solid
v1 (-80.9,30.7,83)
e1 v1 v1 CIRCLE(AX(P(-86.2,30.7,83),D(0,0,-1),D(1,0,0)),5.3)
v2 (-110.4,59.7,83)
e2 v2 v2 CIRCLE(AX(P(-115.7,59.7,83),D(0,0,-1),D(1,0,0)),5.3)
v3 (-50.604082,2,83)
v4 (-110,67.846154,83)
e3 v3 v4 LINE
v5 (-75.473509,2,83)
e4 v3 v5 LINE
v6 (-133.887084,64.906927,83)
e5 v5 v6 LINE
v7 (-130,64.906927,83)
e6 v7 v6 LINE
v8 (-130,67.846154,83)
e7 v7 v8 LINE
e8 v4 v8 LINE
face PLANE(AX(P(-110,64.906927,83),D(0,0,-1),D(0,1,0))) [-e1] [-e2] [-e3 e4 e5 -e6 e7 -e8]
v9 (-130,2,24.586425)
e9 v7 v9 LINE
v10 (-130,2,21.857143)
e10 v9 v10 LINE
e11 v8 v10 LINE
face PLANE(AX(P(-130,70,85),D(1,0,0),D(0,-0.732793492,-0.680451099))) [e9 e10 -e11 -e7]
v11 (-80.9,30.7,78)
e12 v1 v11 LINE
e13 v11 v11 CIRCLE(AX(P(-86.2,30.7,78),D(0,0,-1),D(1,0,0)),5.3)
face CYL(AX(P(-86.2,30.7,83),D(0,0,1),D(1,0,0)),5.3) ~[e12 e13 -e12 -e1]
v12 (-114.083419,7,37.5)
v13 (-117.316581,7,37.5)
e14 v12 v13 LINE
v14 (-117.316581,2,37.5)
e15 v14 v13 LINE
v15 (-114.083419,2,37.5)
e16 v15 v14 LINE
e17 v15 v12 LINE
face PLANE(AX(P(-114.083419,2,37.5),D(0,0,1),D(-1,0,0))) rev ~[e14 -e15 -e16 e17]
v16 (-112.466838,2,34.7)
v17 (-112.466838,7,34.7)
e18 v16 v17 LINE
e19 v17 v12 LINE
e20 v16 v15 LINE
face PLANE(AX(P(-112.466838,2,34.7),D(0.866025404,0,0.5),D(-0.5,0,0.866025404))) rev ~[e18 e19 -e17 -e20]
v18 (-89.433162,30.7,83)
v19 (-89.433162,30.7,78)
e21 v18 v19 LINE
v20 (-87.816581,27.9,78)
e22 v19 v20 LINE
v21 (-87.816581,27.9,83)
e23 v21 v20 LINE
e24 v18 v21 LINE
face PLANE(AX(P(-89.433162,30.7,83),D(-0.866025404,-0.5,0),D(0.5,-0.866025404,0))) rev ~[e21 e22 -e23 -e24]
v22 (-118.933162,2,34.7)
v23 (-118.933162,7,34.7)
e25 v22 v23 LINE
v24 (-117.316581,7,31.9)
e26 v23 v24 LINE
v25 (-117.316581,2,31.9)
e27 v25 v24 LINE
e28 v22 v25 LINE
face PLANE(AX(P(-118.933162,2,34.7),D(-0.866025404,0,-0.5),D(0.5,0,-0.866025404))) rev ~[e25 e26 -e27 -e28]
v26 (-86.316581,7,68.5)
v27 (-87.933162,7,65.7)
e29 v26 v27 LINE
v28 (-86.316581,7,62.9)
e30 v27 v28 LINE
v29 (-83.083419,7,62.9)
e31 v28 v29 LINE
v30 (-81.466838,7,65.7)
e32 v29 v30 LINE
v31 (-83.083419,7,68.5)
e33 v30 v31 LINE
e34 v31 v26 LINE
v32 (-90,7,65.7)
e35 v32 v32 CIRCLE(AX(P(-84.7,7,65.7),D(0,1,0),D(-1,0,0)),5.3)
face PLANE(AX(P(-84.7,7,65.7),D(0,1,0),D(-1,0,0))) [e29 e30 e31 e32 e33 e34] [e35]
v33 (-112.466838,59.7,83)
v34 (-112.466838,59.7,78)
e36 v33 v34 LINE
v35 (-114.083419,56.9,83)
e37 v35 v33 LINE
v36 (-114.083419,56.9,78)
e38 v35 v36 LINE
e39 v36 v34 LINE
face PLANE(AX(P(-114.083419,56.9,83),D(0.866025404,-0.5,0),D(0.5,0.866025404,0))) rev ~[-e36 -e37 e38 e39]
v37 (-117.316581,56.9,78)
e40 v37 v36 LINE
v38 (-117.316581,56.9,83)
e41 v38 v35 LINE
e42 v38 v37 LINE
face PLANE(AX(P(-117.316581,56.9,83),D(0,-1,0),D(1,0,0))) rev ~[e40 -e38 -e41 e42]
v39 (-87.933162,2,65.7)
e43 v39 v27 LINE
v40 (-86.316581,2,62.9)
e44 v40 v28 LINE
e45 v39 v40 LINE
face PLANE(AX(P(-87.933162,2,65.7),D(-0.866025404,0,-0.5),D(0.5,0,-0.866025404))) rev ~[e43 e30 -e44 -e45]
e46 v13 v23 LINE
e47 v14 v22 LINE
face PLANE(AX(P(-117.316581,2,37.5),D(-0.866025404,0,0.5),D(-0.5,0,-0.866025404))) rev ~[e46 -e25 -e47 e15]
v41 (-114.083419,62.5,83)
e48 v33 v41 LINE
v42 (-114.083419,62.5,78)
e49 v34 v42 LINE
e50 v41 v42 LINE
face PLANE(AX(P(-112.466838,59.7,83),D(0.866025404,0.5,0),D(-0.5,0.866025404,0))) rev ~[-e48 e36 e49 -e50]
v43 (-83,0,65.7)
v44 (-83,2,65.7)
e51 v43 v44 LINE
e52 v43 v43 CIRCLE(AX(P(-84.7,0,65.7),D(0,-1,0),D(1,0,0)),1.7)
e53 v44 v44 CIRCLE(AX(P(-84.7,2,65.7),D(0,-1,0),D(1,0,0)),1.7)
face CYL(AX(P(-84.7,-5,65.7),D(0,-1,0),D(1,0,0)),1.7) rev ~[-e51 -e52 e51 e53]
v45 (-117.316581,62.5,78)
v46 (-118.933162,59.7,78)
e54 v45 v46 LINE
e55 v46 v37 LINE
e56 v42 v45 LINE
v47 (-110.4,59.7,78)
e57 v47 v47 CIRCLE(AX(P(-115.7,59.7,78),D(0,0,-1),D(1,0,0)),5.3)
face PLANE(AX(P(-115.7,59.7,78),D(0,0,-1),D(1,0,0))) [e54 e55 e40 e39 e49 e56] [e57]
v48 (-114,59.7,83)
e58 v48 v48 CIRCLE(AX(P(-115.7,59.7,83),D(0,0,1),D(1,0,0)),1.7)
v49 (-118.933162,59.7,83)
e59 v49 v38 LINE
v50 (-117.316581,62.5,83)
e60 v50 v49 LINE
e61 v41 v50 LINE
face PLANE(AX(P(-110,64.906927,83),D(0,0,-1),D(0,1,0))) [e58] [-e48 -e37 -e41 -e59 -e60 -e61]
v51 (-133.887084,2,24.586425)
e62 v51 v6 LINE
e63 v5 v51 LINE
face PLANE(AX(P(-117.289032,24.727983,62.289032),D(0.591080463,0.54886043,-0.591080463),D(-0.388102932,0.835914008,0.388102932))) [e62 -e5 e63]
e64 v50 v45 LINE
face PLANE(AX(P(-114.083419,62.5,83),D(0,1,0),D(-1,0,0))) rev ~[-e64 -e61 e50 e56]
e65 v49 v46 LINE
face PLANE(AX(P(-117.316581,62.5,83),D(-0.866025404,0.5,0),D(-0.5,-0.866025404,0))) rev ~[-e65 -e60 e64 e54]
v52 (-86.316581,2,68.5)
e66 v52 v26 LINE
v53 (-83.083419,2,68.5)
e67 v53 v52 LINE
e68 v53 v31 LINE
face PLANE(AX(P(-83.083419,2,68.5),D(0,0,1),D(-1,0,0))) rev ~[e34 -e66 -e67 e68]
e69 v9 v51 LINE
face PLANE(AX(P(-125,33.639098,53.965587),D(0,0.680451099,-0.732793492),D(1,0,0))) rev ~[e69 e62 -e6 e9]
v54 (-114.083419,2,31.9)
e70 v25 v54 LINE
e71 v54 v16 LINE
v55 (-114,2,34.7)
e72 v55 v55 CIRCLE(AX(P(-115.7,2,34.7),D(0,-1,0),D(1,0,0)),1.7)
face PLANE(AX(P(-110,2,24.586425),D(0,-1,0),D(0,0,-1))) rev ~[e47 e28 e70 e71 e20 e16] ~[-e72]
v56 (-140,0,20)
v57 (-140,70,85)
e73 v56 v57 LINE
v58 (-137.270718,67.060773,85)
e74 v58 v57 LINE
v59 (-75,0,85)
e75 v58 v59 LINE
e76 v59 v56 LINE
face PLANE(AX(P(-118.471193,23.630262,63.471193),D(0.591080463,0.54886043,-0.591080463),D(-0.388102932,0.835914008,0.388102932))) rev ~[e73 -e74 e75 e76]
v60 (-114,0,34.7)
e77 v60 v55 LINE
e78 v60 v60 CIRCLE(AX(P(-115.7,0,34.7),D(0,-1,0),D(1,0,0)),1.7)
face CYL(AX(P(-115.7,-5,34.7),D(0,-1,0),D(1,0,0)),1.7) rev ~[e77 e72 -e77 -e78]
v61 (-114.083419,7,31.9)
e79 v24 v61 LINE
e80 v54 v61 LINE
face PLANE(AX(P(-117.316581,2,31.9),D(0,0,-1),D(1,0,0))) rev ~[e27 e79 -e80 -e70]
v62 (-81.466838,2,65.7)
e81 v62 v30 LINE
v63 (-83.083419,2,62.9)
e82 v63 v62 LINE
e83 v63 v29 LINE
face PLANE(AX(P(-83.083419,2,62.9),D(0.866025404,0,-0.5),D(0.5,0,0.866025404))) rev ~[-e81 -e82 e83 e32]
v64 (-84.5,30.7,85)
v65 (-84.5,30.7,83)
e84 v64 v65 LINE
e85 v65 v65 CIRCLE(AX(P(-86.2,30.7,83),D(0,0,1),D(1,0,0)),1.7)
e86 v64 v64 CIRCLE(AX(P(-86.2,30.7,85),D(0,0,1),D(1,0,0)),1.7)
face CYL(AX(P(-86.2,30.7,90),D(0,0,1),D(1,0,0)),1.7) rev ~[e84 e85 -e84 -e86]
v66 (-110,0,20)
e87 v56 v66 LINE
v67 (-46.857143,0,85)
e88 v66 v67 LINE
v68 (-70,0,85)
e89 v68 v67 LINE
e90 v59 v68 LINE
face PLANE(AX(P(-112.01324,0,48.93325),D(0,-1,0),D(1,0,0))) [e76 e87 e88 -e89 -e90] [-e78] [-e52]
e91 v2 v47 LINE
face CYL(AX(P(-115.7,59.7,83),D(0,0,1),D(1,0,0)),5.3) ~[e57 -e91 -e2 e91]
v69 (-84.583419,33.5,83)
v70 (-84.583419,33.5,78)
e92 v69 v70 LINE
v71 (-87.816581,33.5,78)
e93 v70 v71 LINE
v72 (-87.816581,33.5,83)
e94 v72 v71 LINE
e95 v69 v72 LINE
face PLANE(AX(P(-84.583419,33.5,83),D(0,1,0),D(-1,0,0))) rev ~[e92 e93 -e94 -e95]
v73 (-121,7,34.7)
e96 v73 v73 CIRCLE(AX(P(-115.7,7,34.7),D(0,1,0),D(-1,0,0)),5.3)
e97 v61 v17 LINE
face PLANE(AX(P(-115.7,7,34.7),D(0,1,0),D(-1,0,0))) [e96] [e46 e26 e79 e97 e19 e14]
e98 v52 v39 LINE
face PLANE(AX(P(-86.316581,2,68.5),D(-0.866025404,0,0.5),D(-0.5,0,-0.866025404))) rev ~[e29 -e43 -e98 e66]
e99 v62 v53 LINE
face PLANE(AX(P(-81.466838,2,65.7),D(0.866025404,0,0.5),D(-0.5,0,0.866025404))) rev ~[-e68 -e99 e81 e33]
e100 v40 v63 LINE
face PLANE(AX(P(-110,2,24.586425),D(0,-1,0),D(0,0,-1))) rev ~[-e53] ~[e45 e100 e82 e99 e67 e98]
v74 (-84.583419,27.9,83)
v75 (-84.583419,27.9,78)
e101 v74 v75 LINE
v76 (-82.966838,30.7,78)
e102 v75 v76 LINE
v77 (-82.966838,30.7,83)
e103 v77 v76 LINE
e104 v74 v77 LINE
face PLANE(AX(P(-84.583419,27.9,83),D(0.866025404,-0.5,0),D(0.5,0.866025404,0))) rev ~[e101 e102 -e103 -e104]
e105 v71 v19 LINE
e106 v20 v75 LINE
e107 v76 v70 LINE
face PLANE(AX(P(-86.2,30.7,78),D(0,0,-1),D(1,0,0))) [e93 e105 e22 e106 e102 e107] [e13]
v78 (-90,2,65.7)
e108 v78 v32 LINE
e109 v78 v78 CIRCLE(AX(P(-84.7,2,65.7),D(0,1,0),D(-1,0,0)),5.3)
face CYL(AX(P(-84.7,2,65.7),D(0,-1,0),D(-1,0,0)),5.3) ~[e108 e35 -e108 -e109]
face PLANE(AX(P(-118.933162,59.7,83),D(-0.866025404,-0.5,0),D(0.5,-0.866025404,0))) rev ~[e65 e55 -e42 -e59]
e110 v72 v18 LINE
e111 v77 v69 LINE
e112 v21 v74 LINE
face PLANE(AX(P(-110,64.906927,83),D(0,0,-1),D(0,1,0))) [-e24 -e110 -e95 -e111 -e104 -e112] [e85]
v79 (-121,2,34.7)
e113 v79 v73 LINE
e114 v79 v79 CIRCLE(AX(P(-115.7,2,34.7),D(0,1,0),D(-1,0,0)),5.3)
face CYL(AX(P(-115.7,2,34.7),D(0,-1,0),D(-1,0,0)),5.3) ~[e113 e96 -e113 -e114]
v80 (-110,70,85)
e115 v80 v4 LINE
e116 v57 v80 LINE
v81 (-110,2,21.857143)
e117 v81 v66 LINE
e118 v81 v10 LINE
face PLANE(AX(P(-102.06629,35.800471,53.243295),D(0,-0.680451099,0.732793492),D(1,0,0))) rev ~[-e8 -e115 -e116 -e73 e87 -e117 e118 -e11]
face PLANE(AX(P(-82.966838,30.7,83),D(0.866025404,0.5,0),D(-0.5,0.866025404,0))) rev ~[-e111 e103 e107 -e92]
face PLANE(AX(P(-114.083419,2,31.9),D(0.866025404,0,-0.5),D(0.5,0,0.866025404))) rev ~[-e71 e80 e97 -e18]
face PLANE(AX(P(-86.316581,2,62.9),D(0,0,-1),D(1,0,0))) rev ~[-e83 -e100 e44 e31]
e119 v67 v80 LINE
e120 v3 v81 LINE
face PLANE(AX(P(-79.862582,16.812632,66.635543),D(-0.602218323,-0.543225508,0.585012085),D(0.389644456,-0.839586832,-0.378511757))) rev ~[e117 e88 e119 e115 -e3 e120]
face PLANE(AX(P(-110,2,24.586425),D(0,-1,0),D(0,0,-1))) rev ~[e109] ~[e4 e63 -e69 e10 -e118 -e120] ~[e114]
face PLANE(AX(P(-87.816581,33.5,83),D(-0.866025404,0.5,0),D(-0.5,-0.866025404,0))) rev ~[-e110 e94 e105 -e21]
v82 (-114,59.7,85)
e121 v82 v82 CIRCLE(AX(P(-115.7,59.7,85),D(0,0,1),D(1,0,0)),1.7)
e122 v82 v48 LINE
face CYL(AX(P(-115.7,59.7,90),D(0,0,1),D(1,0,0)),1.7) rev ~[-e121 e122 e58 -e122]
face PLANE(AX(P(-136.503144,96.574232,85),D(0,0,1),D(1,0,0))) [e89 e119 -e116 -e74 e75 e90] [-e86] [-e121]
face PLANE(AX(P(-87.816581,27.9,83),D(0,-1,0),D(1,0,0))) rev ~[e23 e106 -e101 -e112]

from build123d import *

# Parameters (mm, degrees)
F1_DEPTH  = 5
F4_DEPTH  = 5
F7_DEPTH  = 5.42
F11_DEPTH = 2
F14_DEPTH = 2
F8_W      = 30
F8_H      = 95.5248658727
F15_DEPTH = 2
F17_DEPTH = 102.5
F18_DEPTH = 2
F19_DEPTH = 239
F22_DEPTH = 2
F25_DEPTH = 25
F27_W     = 101.7516627908
F27_H     = 74.3317976594
F28_DEPTH = 25
F30_W     = 3.562554135
F30_H     = 2.8552263975
F31_DEPTH = 25
F33_W     = 167.9849326611
F33_H     = 135.5820912868
F34_DEPTH = 25
F35_DEPTH = 25
F36_DEPTH = 5
F37_DEPTH = 5
F6_W      = 160
F6_H      = 95.5248658727
F38_DEPTH = 5
F39_R     = 1.7
F40_DEPTH = 9.9
F41_DEPTH = 20
F42_R     = 1.7
F43_DEPTH = 25
F44_R     = 5.3
F45_DEPTH = 5
F46_R     = 5.3
F47_DEPTH = 5
F48_DEPTH = 154
F49_DEPTH = 5
F50_DEPTH = 5


with BuildPart() as f1:
    # F0 (on Front) → F1 (new body)
    with BuildSketch(Plane.XZ):
        Polygon((-300, 20), (-300, 0), (0, 0), (0, 175), (-30, 175), (-30, 95), (-70, 95), (-75, 90), (-75, 85), (-140, 20), align=None)
    extrude(amount=F1_DEPTH)

    # F3 (on offset) → F4 (join)
    with BuildSketch(Plane(origin=(0, 0, 85), x_dir=(1, 0, 0), z_dir=(0, 0, -1))):
        Polygon((0, -157.818160031), (0, 0), (-70, 0), (-140, -70), (-300, -70), (-300, -157.818160031), align=None)
    extrude(amount=-F4_DEPTH)



with BuildPart() as f7:
    # F0 (on Front) → F7 (new body)
    with BuildSketch(Plane.XZ):
        Polygon((-300, 20), (-300, 0), (0, 0), (0, 175), (-30, 175), (-30, 95), (-70, 95), (-75, 90), (-75, 85), (-140, 20), align=None)
    extrude(amount=F7_DEPTH)


with BuildPart() as f1_1:
    add(f1.part)

    add(f7.part)  # F11 merges F7
    # F10 (on 3pt) → F11 (join)
    with BuildSketch(Plane(origin=(-55.9001782531, -51.9073083779, 55.9001782531), x_dir=(-0.3881029321, 0.8359140076, 0.3881029321), z_dir=(0.5910804633, 0.5488604302, -0.5910804633))):
        Polygon((62.0964691388, -84.8528137424), (145.837140261, -38.8908729653), (62.0964691388, 7.0710678119), align=None)
    extrude(amount=F11_DEPTH)


with BuildPart() as f14:
    # F13 (on 3pt) → F14 (new body)
    with BuildSketch(Plane.XY.offset(85)):
        Polygon((-75, 0), (-70, 0), (-140, 70), align=None)
    extrude(amount=-F14_DEPTH)


with BuildPart() as f15:
    # F8 (on 3pt) → F15 (new body)
    with BuildSketch(Plane(origin=(0, -9.9726027397, 10.7397260274), x_dir=(1, 0, 0), z_dir=(0, 0.6804510994, -0.7327934916))):
        with Locations((-125, -61.3714549237)):
            Rectangle(F8_W, F8_H)
    extrude(amount=-F15_DEPTH)


with BuildPart() as f17_tool:
    # F17 (cut): a face of the model
    f17_faces = [f1_1.part.faces().sort_by_distance(p)[0] for p in [
        (-129.156432847, 97.5448991734, 85),
    ]]
    extrude(f17_faces, amount=-F17_DEPTH)


with BuildPart() as f1_2:
    add(f1_1.part)

    # F17: cut by f17_tool
    add(f17_tool.part, mode=Mode.SUBTRACT)


    add(f14.part)  # F18 merges F14


with BuildPart() as f15_1:
    add(f15.part)

    # F17: cut by f17_tool
    add(f17_tool.part, mode=Mode.SUBTRACT)


with BuildPart() as f1_3:
    add(f1_2.part)

    add(f15_1.part)  # F18 merges F15
    # F16 (on face) → F18 (join)
    with BuildSketch(Plane.XZ):
        Polygon((-45, 85), (-75, 85), (-140, 20), (-110, 20), align=None)
    extrude(amount=-F18_DEPTH)

    # F0 (on Front) → F19 (cut)
    with BuildSketch(Plane.XZ):
        Polygon((-300, 20), (-300, 0), (0, 0), (0, 175), (-30, 175), (-30, 95), (-70, 95), (-75, 90), (-75, 85), (-140, 20), align=None)
    extrude(amount=F19_DEPTH, mode=Mode.SUBTRACT)

    # F21 (on 3pt) → F22 (join)
    with BuildSketch(Plane(origin=(0, 0, 85), x_dir=(1, 0, 0), z_dir=(0, 0, -1))):
        Polygon((-110, -70), (-45, 0), (-75, 0), (-140, -70), align=None)
    extrude(amount=F22_DEPTH)

    # F24 (on 3pt) → F25 (cut)
    with BuildSketch(Plane(origin=(0, -9.9726027397, 10.7397260274), x_dir=(1, 0, 0), z_dir=(0, -0.6804510994, 0.7327934916))):
        Polygon((-152.044788003, 115.9684211016), (-152.044788003, 9.7816493362), (-52.4809733033, 8.1501184031), (-52.4809733033, 115.9684211016), align=None)
    extrude(amount=-F25_DEPTH, mode=Mode.SUBTRACT)

    # F27 (on 3pt) → F28 (cut)
    with BuildSketch(Plane(origin=(-55.9001782531, -51.9073083779, 55.9001782531), x_dir=(-0.3881029321, 0.8359140076, 0.3881029321), z_dir=(0.5910804633, 0.5488604302, -0.5910804633))):
        with Locations((109.982162714, -56.3623122871)):
            Rectangle(F27_W, F27_H)
    extrude(amount=-F28_DEPTH, mode=Mode.SUBTRACT)

    # F30 (on 3pt) → F31 (cut)
    with BuildSketch(Plane(origin=(-52.6598984772, 0, 3.7614213198), x_dir=(0, 1, 0), z_dir=(0.9974586998, 0, -0.07124705))):
        with Locations((1.0092993034, 80.4627463222)):
            Rectangle(F30_W, F30_H)
    extrude(amount=F31_DEPTH, mode=Mode.SUBTRACT)

    # F33 (on 3pt) → F34 (cut)
    with BuildSketch(Plane(origin=(-46.9394598514, -42.3413086823, 45.598332427), x_dir=(0.3896444557, -0.8395868317, -0.378511757), z_dir=(-0.6022183228, -0.5432255075, 0.585012085))):
        with Locations((-70.4560130835, -7.8508025035)):
            Rectangle(F33_W, F33_H)
    extrude(amount=-F34_DEPTH, mode=Mode.SUBTRACT)

    # F35 (cut): a face of the model
    f35_faces = [f1_3.faces().sort_by_distance(p)[0] for p in [
        (-138.1104971586, 68.1104971586, 85.064982902),
    ]]
    extrude(f35_faces, amount=-F35_DEPTH, mode=Mode.SUBTRACT)

    # F3 (on offset) → F36 (join)
    with BuildSketch(Plane(origin=(0, 0, 85), x_dir=(1, 0, 0), z_dir=(0, 0, -1))):
        Polygon((0, -157.818160031), (0, 0), (-70, 0), (-140, -70), (-300, -70), (-300, -157.818160031), align=None)
    extrude(amount=-F36_DEPTH)

    # F0 (on Front) → F37 (join)
    with BuildSketch(Plane.XZ):
        Polygon((-300, 20), (-300, 0), (0, 0), (0, 175), (-30, 175), (-30, 95), (-70, 95), (-75, 90), (-75, 85), (-140, 20), align=None)
    extrude(amount=F37_DEPTH)

    # F39 (on face) → F40 (cut)
    with BuildSketch(Plane.XZ.offset(5)):
        with Locations((-115.7, 34.7)):
            Circle(F39_R)
        with Locations((-84.7, 65.7)):
            Circle(F39_R)
    extrude(amount=-F40_DEPTH, mode=Mode.SUBTRACT)

    # F41 (cut): a face of the model
    f41_faces = [f1_3.faces().sort_by_distance(p)[0] for p in [
        (-110, 34.1938617489, 53.1056998046),
    ]]
    extrude(f41_faces, amount=-F41_DEPTH, mode=Mode.SUBTRACT)

    # F42 (on face) → F43 (cut)
    with BuildSketch(Plane.XY.offset(90)):
        with Locations((-86.2, 30.7)):
            Circle(F42_R)
        with Locations((-115.7, 59.7)):
            Circle(F42_R)
    extrude(amount=-F43_DEPTH, mode=Mode.SUBTRACT)

    # F44 (on face) → F45 (join)
    with BuildSketch(Plane(origin=(0, 2, 0), x_dir=(-1, 0, 0), z_dir=(0, 1, 0))):
        with Locations((115.7, 34.7)):
            Circle(F44_R)
        Polygon((118.9331615075, 34.7), (117.3165807537, 31.9), (114.0834192463, 31.9), (112.4668384925, 34.7), (114.0834192463, 37.5), (117.3165807537, 37.5), align=None, mode=Mode.SUBTRACT)
        with Locations((84.7, 65.7)):
            Circle(F44_R)
        Polygon((87.9331615075, 65.7), (86.3165807537, 62.9), (83.0834192463, 62.9), (81.4668384925, 65.7), (83.0834192463, 68.5), (86.3165807537, 68.5), align=None, mode=Mode.SUBTRACT)
    extrude(amount=F45_DEPTH)

    # F46 (on face) → F47 (join)
    with BuildSketch(Plane(origin=(0, 0, 83), x_dir=(1, 0, 0), z_dir=(0, 0, -1))):
        with Locations((-115.7, -59.7)):
            Circle(F46_R)
        Polygon((-112.4668384925, -59.7), (-114.0834192463, -62.5), (-117.3165807537, -62.5), (-118.9331615075, -59.7), (-117.3165807537, -56.9), (-114.0834192463, -56.9), align=None, mode=Mode.SUBTRACT)
        with Locations((-86.2, -30.7)):
            Circle(F46_R)
        Polygon((-82.9668384925, -30.7), (-84.5834192463, -33.5), (-87.8165807537, -33.5), (-89.4331615075, -30.7), (-87.8165807537, -27.9), (-84.5834192463, -27.9), align=None, mode=Mode.SUBTRACT)
    extrude(amount=F47_DEPTH)

    # F39 (on face) → F49 (cut)
    with BuildSketch(Plane.XZ.offset(5)):
        Polygon((-140, 20), (-300, 20), (-300, 0), (0, 0), (0, 175), (-30, 175), (-30, 95), (-70, 95), (-75, 90), (-75, 85), align=None)
        with Locations((-115.7, 34.7)):
            Circle(F39_R, mode=Mode.SUBTRACT)
        with Locations((-84.7, 65.7)):
            Circle(F39_R, mode=Mode.SUBTRACT)
    extrude(amount=-F49_DEPTH, mode=Mode.SUBTRACT)

    # F42 (on face) → F50 (cut)
    with BuildSketch(Plane.XY.offset(90)):
        Polygon((0, 0), (0, 157.818160031), (-300, 157.818160031), (-300, 70), (-140, 70), (-70, 0), align=None)
        with Locations((-86.2, 30.7)):
            Circle(F42_R, mode=Mode.SUBTRACT)
        with Locations((-115.7, 59.7)):
            Circle(F42_R, mode=Mode.SUBTRACT)
    extrude(amount=-F50_DEPTH, mode=Mode.SUBTRACT)


with BuildPart() as f38:
    # F6 (on 3pt) → F38 (new body)
    with BuildSketch(Plane(origin=(0, -9.9726027397, 10.7397260274), x_dir=(1, 0, 0), z_dir=(0, 0.6804510994, -0.7327934916))):
        with Locations((-220, -61.3714549237)):
            Rectangle(F6_W, F6_H)
    extrude(amount=F38_DEPTH)

    # F6 (on 3pt) → F48 (cut)
    with BuildSketch(Plane(origin=(0, -9.9726027397, 10.7397260274), x_dir=(1, 0, 0), z_dir=(0, 0.6804510994, -0.7327934916))):
        with Locations((-220, -61.3714549237)):
            Rectangle(F6_W, F6_H)
    extrude(amount=F48_DEPTH, mode=Mode.SUBTRACT)


solid = f1_3.part
